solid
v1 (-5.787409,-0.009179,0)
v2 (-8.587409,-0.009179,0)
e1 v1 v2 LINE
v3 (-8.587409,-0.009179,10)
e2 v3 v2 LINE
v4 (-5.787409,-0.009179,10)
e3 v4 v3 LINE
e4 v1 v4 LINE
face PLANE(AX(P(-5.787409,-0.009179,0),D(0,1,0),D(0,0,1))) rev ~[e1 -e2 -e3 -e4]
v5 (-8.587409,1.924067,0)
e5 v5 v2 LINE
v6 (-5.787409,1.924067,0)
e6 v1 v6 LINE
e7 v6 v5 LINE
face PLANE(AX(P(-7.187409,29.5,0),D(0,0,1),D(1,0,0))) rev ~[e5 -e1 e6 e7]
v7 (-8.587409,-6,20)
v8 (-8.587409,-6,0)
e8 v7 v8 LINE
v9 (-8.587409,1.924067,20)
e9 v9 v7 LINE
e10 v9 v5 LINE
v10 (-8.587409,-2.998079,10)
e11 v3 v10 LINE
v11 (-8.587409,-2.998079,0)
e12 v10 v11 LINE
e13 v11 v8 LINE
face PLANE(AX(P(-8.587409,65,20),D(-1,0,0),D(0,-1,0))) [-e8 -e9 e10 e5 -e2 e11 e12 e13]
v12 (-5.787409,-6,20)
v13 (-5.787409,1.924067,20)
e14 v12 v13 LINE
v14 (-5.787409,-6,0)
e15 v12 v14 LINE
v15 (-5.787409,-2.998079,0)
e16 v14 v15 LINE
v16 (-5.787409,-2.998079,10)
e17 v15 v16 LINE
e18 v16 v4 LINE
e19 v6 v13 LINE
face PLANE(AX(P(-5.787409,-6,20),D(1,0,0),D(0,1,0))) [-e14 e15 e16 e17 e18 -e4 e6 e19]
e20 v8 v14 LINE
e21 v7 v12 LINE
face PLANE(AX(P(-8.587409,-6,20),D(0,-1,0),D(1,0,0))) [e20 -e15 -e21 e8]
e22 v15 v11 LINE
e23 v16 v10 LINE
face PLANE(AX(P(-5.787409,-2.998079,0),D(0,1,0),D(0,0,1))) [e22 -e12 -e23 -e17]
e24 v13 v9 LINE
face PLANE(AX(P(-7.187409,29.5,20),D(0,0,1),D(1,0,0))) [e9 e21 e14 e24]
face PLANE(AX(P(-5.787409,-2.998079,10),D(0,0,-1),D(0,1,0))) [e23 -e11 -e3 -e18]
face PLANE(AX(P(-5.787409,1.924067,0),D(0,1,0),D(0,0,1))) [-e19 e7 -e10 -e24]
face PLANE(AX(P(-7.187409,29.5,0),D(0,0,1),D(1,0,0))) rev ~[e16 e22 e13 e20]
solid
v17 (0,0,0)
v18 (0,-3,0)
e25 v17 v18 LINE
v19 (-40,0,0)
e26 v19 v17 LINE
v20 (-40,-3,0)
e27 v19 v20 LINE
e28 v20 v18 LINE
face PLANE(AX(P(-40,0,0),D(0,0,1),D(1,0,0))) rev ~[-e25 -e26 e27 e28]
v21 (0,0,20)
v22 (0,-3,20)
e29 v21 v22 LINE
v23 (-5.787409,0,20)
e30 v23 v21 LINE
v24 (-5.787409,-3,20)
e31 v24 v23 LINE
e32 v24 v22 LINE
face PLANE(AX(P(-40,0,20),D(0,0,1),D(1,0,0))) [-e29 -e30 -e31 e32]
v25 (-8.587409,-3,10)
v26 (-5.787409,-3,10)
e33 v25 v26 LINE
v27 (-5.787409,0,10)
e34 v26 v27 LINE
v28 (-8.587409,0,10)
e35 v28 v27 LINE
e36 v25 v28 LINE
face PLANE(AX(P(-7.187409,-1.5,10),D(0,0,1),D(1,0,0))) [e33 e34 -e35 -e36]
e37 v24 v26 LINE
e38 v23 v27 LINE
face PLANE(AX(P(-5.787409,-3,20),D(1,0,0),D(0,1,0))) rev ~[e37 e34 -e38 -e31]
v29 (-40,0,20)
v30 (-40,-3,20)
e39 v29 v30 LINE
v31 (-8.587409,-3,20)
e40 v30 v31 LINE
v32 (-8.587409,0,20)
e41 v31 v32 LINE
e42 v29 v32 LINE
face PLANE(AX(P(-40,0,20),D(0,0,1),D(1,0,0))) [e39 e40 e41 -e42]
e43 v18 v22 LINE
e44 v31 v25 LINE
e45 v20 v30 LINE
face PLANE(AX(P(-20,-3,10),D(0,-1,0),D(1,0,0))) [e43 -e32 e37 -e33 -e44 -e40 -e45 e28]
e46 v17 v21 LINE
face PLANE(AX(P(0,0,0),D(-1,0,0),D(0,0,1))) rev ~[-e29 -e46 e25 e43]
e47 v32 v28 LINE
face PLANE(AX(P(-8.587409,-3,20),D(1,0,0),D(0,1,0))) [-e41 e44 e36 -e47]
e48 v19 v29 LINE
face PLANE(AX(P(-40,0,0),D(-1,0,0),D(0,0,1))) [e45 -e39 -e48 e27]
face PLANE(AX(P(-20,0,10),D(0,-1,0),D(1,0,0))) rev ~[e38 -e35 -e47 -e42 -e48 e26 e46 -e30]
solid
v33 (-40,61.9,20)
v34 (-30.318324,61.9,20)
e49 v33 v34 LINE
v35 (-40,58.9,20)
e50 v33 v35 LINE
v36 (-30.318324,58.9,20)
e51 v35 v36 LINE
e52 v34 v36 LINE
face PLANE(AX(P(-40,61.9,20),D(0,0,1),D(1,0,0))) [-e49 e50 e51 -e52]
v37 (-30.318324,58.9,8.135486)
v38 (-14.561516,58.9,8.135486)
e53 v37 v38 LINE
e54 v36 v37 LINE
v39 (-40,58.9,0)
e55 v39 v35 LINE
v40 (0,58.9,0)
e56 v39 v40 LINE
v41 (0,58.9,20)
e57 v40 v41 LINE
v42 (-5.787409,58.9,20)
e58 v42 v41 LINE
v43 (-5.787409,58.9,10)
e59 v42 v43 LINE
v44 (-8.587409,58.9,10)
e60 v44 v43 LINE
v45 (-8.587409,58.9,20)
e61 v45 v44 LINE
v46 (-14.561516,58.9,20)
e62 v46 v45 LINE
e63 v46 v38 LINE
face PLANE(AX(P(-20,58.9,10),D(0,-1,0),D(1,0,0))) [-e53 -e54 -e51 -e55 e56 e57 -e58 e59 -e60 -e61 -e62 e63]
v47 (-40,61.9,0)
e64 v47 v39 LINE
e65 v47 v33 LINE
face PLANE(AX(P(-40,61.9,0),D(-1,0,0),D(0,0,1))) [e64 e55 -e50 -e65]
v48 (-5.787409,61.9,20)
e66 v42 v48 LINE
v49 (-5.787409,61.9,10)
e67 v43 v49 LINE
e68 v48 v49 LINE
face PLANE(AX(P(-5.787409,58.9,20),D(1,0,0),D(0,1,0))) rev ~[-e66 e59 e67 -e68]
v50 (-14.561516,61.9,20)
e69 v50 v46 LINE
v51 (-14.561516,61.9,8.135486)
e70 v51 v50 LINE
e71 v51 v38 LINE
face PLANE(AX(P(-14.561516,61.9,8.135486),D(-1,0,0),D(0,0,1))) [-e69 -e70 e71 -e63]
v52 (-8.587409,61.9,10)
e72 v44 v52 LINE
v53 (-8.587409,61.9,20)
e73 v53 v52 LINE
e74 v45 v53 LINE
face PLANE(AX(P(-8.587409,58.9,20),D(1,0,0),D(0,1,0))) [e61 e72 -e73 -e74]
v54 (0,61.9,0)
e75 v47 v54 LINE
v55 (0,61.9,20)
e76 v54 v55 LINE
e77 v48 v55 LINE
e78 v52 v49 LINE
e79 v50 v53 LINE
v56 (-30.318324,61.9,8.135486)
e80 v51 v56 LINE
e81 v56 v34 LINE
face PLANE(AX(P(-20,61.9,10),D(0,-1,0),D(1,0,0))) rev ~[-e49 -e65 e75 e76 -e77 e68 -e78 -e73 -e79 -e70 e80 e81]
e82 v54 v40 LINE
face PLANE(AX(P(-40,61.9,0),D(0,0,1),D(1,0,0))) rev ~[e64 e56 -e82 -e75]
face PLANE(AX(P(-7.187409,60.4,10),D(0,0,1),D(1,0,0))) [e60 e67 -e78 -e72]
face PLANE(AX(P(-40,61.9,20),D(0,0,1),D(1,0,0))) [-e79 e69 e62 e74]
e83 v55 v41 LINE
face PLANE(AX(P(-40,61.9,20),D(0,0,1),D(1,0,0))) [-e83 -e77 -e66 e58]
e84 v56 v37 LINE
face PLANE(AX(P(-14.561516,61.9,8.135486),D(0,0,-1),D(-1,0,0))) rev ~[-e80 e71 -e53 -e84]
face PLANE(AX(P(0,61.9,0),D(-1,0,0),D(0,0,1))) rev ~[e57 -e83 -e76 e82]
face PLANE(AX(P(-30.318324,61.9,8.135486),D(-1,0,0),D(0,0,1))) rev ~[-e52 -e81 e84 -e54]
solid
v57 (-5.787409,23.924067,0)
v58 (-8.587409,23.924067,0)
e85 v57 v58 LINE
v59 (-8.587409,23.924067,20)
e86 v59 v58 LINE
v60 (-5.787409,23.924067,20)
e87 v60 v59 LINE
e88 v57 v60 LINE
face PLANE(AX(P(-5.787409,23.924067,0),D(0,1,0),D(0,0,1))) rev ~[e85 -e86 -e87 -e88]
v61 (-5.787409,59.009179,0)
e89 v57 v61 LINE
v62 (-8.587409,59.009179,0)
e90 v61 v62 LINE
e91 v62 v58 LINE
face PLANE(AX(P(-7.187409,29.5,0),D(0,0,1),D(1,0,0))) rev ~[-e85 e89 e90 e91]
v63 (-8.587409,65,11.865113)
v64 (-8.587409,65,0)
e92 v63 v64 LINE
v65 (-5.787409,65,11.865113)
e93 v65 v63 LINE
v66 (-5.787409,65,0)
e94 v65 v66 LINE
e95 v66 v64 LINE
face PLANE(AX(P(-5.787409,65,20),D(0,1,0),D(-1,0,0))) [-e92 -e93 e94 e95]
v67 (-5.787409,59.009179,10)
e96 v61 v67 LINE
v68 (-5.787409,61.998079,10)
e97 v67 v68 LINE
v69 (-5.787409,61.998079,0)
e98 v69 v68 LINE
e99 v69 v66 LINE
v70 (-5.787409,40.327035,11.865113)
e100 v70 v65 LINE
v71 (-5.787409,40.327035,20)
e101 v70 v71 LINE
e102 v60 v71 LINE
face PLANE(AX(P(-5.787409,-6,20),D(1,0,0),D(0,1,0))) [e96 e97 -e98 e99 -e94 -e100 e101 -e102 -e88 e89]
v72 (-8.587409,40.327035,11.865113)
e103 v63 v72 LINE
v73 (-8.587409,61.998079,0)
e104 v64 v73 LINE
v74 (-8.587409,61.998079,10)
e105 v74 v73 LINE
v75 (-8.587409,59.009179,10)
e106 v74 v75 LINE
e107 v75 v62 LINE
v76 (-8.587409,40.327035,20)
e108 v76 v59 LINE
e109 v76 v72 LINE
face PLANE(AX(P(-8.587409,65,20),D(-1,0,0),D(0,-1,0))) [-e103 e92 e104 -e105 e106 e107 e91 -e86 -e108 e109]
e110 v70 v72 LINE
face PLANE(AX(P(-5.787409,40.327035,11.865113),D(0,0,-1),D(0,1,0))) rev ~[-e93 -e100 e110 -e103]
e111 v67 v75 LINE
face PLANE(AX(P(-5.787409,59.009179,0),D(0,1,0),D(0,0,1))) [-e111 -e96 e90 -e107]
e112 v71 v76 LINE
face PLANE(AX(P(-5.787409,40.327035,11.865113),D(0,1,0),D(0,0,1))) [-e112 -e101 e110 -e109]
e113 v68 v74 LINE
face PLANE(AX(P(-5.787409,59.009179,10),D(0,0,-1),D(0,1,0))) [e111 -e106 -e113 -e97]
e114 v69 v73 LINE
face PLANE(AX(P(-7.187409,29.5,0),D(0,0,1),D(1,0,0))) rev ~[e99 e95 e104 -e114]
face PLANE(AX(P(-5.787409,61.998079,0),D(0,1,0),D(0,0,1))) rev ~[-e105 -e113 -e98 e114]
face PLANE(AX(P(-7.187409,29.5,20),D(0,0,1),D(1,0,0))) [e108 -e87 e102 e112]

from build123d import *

# Parameters (mm, degrees)
F0_W      = 40
F0_H      = 20
F1_DEPTH  = 3
F2_W      = 2.8
F2_H      = 3
F3_DEPTH  = 10
F5_DEPTH  = 20
F6_W      = 2.9889008573
F6_H      = 10
F7_DEPTH  = 34.2135911891
F8_W      = 22
F8_H      = 20
F9_DEPTH  = 25
F10_W     = 24.6729651093
F10_H     = 8.1348870695
F11_DEPTH = 25
F13_W     = 15.75680729
F13_H     = 11.8645136058
F14_DEPTH = 25


with BuildPart() as f1:
    # F0 (on Front) → F1 (new body)
    with BuildSketch(Plane.XZ):
        with Locations((-20, 10)):
            Rectangle(F0_W, F0_H)
    extrude(amount=F1_DEPTH)

    # F2 (on face) → F3 (cut)
    with BuildSketch(Plane.XY.offset(20)):
        with Locations((-7.1874088109, -1.5)):
            Rectangle(F2_W, F2_H)
    extrude(amount=-F3_DEPTH, mode=Mode.SUBTRACT)


with BuildPart() as f5:
    # F4 (on face) → F5 (new body, through all)
    with BuildSketch(Plane.XY.offset(20)):
        Polygon((-5.7874088109, 65), (-8.5874088109, 65), (-8.5874088109, 0), (-8.5874088109, -3), (-8.5874088109, -6), (-5.7874088109, -6), align=None)
    extrude(amount=-F5_DEPTH)

    # F6 (on face) → F7 (cut, through all)
    with BuildSketch(Plane.YZ.offset(-5.7874088109)):
        with Locations((-1.5036289775, 5)):
            Rectangle(F6_W, F6_H)
        with Locations((60.5036289775, 5)):
            Rectangle(F6_W, F6_H)
    extrude(amount=-F7_DEPTH, mode=Mode.SUBTRACT)

    # F8 (on face) → F9 (cut)
    with BuildSketch(Plane.YZ.offset(-5.7874088109)):
        with Locations((12.9240668043, 10)):
            Rectangle(F8_W, F8_H)
    extrude(amount=-F9_DEPTH, mode=Mode.SUBTRACT)

    # F10 (on face) → F11 (cut)
    with BuildSketch(Plane.YZ.offset(-5.7874088109)):
        with Locations((52.6635174453, 15.9325564653)):
            Rectangle(F10_W, F10_H)
    extrude(amount=-F11_DEPTH, mode=Mode.SUBTRACT)


with BuildPart() as f12_1:
    # F12: copy of F1
    add(f1.part.moved(Location((0, 61.9, 0))))

    # F13 (on face) → F14 (cut)
    with BuildSketch(Plane(origin=(0, 61.9, 0), x_dir=(-1, 0, 0), z_dir=(0, 1, 0))):
        with Locations((22.4399198778, 14.0677431971)):
            Rectangle(F13_W, F13_H)
    extrude(amount=-F14_DEPTH, mode=Mode.SUBTRACT)


solid = Compound([f1.part, f5.part, f12_1.part])
